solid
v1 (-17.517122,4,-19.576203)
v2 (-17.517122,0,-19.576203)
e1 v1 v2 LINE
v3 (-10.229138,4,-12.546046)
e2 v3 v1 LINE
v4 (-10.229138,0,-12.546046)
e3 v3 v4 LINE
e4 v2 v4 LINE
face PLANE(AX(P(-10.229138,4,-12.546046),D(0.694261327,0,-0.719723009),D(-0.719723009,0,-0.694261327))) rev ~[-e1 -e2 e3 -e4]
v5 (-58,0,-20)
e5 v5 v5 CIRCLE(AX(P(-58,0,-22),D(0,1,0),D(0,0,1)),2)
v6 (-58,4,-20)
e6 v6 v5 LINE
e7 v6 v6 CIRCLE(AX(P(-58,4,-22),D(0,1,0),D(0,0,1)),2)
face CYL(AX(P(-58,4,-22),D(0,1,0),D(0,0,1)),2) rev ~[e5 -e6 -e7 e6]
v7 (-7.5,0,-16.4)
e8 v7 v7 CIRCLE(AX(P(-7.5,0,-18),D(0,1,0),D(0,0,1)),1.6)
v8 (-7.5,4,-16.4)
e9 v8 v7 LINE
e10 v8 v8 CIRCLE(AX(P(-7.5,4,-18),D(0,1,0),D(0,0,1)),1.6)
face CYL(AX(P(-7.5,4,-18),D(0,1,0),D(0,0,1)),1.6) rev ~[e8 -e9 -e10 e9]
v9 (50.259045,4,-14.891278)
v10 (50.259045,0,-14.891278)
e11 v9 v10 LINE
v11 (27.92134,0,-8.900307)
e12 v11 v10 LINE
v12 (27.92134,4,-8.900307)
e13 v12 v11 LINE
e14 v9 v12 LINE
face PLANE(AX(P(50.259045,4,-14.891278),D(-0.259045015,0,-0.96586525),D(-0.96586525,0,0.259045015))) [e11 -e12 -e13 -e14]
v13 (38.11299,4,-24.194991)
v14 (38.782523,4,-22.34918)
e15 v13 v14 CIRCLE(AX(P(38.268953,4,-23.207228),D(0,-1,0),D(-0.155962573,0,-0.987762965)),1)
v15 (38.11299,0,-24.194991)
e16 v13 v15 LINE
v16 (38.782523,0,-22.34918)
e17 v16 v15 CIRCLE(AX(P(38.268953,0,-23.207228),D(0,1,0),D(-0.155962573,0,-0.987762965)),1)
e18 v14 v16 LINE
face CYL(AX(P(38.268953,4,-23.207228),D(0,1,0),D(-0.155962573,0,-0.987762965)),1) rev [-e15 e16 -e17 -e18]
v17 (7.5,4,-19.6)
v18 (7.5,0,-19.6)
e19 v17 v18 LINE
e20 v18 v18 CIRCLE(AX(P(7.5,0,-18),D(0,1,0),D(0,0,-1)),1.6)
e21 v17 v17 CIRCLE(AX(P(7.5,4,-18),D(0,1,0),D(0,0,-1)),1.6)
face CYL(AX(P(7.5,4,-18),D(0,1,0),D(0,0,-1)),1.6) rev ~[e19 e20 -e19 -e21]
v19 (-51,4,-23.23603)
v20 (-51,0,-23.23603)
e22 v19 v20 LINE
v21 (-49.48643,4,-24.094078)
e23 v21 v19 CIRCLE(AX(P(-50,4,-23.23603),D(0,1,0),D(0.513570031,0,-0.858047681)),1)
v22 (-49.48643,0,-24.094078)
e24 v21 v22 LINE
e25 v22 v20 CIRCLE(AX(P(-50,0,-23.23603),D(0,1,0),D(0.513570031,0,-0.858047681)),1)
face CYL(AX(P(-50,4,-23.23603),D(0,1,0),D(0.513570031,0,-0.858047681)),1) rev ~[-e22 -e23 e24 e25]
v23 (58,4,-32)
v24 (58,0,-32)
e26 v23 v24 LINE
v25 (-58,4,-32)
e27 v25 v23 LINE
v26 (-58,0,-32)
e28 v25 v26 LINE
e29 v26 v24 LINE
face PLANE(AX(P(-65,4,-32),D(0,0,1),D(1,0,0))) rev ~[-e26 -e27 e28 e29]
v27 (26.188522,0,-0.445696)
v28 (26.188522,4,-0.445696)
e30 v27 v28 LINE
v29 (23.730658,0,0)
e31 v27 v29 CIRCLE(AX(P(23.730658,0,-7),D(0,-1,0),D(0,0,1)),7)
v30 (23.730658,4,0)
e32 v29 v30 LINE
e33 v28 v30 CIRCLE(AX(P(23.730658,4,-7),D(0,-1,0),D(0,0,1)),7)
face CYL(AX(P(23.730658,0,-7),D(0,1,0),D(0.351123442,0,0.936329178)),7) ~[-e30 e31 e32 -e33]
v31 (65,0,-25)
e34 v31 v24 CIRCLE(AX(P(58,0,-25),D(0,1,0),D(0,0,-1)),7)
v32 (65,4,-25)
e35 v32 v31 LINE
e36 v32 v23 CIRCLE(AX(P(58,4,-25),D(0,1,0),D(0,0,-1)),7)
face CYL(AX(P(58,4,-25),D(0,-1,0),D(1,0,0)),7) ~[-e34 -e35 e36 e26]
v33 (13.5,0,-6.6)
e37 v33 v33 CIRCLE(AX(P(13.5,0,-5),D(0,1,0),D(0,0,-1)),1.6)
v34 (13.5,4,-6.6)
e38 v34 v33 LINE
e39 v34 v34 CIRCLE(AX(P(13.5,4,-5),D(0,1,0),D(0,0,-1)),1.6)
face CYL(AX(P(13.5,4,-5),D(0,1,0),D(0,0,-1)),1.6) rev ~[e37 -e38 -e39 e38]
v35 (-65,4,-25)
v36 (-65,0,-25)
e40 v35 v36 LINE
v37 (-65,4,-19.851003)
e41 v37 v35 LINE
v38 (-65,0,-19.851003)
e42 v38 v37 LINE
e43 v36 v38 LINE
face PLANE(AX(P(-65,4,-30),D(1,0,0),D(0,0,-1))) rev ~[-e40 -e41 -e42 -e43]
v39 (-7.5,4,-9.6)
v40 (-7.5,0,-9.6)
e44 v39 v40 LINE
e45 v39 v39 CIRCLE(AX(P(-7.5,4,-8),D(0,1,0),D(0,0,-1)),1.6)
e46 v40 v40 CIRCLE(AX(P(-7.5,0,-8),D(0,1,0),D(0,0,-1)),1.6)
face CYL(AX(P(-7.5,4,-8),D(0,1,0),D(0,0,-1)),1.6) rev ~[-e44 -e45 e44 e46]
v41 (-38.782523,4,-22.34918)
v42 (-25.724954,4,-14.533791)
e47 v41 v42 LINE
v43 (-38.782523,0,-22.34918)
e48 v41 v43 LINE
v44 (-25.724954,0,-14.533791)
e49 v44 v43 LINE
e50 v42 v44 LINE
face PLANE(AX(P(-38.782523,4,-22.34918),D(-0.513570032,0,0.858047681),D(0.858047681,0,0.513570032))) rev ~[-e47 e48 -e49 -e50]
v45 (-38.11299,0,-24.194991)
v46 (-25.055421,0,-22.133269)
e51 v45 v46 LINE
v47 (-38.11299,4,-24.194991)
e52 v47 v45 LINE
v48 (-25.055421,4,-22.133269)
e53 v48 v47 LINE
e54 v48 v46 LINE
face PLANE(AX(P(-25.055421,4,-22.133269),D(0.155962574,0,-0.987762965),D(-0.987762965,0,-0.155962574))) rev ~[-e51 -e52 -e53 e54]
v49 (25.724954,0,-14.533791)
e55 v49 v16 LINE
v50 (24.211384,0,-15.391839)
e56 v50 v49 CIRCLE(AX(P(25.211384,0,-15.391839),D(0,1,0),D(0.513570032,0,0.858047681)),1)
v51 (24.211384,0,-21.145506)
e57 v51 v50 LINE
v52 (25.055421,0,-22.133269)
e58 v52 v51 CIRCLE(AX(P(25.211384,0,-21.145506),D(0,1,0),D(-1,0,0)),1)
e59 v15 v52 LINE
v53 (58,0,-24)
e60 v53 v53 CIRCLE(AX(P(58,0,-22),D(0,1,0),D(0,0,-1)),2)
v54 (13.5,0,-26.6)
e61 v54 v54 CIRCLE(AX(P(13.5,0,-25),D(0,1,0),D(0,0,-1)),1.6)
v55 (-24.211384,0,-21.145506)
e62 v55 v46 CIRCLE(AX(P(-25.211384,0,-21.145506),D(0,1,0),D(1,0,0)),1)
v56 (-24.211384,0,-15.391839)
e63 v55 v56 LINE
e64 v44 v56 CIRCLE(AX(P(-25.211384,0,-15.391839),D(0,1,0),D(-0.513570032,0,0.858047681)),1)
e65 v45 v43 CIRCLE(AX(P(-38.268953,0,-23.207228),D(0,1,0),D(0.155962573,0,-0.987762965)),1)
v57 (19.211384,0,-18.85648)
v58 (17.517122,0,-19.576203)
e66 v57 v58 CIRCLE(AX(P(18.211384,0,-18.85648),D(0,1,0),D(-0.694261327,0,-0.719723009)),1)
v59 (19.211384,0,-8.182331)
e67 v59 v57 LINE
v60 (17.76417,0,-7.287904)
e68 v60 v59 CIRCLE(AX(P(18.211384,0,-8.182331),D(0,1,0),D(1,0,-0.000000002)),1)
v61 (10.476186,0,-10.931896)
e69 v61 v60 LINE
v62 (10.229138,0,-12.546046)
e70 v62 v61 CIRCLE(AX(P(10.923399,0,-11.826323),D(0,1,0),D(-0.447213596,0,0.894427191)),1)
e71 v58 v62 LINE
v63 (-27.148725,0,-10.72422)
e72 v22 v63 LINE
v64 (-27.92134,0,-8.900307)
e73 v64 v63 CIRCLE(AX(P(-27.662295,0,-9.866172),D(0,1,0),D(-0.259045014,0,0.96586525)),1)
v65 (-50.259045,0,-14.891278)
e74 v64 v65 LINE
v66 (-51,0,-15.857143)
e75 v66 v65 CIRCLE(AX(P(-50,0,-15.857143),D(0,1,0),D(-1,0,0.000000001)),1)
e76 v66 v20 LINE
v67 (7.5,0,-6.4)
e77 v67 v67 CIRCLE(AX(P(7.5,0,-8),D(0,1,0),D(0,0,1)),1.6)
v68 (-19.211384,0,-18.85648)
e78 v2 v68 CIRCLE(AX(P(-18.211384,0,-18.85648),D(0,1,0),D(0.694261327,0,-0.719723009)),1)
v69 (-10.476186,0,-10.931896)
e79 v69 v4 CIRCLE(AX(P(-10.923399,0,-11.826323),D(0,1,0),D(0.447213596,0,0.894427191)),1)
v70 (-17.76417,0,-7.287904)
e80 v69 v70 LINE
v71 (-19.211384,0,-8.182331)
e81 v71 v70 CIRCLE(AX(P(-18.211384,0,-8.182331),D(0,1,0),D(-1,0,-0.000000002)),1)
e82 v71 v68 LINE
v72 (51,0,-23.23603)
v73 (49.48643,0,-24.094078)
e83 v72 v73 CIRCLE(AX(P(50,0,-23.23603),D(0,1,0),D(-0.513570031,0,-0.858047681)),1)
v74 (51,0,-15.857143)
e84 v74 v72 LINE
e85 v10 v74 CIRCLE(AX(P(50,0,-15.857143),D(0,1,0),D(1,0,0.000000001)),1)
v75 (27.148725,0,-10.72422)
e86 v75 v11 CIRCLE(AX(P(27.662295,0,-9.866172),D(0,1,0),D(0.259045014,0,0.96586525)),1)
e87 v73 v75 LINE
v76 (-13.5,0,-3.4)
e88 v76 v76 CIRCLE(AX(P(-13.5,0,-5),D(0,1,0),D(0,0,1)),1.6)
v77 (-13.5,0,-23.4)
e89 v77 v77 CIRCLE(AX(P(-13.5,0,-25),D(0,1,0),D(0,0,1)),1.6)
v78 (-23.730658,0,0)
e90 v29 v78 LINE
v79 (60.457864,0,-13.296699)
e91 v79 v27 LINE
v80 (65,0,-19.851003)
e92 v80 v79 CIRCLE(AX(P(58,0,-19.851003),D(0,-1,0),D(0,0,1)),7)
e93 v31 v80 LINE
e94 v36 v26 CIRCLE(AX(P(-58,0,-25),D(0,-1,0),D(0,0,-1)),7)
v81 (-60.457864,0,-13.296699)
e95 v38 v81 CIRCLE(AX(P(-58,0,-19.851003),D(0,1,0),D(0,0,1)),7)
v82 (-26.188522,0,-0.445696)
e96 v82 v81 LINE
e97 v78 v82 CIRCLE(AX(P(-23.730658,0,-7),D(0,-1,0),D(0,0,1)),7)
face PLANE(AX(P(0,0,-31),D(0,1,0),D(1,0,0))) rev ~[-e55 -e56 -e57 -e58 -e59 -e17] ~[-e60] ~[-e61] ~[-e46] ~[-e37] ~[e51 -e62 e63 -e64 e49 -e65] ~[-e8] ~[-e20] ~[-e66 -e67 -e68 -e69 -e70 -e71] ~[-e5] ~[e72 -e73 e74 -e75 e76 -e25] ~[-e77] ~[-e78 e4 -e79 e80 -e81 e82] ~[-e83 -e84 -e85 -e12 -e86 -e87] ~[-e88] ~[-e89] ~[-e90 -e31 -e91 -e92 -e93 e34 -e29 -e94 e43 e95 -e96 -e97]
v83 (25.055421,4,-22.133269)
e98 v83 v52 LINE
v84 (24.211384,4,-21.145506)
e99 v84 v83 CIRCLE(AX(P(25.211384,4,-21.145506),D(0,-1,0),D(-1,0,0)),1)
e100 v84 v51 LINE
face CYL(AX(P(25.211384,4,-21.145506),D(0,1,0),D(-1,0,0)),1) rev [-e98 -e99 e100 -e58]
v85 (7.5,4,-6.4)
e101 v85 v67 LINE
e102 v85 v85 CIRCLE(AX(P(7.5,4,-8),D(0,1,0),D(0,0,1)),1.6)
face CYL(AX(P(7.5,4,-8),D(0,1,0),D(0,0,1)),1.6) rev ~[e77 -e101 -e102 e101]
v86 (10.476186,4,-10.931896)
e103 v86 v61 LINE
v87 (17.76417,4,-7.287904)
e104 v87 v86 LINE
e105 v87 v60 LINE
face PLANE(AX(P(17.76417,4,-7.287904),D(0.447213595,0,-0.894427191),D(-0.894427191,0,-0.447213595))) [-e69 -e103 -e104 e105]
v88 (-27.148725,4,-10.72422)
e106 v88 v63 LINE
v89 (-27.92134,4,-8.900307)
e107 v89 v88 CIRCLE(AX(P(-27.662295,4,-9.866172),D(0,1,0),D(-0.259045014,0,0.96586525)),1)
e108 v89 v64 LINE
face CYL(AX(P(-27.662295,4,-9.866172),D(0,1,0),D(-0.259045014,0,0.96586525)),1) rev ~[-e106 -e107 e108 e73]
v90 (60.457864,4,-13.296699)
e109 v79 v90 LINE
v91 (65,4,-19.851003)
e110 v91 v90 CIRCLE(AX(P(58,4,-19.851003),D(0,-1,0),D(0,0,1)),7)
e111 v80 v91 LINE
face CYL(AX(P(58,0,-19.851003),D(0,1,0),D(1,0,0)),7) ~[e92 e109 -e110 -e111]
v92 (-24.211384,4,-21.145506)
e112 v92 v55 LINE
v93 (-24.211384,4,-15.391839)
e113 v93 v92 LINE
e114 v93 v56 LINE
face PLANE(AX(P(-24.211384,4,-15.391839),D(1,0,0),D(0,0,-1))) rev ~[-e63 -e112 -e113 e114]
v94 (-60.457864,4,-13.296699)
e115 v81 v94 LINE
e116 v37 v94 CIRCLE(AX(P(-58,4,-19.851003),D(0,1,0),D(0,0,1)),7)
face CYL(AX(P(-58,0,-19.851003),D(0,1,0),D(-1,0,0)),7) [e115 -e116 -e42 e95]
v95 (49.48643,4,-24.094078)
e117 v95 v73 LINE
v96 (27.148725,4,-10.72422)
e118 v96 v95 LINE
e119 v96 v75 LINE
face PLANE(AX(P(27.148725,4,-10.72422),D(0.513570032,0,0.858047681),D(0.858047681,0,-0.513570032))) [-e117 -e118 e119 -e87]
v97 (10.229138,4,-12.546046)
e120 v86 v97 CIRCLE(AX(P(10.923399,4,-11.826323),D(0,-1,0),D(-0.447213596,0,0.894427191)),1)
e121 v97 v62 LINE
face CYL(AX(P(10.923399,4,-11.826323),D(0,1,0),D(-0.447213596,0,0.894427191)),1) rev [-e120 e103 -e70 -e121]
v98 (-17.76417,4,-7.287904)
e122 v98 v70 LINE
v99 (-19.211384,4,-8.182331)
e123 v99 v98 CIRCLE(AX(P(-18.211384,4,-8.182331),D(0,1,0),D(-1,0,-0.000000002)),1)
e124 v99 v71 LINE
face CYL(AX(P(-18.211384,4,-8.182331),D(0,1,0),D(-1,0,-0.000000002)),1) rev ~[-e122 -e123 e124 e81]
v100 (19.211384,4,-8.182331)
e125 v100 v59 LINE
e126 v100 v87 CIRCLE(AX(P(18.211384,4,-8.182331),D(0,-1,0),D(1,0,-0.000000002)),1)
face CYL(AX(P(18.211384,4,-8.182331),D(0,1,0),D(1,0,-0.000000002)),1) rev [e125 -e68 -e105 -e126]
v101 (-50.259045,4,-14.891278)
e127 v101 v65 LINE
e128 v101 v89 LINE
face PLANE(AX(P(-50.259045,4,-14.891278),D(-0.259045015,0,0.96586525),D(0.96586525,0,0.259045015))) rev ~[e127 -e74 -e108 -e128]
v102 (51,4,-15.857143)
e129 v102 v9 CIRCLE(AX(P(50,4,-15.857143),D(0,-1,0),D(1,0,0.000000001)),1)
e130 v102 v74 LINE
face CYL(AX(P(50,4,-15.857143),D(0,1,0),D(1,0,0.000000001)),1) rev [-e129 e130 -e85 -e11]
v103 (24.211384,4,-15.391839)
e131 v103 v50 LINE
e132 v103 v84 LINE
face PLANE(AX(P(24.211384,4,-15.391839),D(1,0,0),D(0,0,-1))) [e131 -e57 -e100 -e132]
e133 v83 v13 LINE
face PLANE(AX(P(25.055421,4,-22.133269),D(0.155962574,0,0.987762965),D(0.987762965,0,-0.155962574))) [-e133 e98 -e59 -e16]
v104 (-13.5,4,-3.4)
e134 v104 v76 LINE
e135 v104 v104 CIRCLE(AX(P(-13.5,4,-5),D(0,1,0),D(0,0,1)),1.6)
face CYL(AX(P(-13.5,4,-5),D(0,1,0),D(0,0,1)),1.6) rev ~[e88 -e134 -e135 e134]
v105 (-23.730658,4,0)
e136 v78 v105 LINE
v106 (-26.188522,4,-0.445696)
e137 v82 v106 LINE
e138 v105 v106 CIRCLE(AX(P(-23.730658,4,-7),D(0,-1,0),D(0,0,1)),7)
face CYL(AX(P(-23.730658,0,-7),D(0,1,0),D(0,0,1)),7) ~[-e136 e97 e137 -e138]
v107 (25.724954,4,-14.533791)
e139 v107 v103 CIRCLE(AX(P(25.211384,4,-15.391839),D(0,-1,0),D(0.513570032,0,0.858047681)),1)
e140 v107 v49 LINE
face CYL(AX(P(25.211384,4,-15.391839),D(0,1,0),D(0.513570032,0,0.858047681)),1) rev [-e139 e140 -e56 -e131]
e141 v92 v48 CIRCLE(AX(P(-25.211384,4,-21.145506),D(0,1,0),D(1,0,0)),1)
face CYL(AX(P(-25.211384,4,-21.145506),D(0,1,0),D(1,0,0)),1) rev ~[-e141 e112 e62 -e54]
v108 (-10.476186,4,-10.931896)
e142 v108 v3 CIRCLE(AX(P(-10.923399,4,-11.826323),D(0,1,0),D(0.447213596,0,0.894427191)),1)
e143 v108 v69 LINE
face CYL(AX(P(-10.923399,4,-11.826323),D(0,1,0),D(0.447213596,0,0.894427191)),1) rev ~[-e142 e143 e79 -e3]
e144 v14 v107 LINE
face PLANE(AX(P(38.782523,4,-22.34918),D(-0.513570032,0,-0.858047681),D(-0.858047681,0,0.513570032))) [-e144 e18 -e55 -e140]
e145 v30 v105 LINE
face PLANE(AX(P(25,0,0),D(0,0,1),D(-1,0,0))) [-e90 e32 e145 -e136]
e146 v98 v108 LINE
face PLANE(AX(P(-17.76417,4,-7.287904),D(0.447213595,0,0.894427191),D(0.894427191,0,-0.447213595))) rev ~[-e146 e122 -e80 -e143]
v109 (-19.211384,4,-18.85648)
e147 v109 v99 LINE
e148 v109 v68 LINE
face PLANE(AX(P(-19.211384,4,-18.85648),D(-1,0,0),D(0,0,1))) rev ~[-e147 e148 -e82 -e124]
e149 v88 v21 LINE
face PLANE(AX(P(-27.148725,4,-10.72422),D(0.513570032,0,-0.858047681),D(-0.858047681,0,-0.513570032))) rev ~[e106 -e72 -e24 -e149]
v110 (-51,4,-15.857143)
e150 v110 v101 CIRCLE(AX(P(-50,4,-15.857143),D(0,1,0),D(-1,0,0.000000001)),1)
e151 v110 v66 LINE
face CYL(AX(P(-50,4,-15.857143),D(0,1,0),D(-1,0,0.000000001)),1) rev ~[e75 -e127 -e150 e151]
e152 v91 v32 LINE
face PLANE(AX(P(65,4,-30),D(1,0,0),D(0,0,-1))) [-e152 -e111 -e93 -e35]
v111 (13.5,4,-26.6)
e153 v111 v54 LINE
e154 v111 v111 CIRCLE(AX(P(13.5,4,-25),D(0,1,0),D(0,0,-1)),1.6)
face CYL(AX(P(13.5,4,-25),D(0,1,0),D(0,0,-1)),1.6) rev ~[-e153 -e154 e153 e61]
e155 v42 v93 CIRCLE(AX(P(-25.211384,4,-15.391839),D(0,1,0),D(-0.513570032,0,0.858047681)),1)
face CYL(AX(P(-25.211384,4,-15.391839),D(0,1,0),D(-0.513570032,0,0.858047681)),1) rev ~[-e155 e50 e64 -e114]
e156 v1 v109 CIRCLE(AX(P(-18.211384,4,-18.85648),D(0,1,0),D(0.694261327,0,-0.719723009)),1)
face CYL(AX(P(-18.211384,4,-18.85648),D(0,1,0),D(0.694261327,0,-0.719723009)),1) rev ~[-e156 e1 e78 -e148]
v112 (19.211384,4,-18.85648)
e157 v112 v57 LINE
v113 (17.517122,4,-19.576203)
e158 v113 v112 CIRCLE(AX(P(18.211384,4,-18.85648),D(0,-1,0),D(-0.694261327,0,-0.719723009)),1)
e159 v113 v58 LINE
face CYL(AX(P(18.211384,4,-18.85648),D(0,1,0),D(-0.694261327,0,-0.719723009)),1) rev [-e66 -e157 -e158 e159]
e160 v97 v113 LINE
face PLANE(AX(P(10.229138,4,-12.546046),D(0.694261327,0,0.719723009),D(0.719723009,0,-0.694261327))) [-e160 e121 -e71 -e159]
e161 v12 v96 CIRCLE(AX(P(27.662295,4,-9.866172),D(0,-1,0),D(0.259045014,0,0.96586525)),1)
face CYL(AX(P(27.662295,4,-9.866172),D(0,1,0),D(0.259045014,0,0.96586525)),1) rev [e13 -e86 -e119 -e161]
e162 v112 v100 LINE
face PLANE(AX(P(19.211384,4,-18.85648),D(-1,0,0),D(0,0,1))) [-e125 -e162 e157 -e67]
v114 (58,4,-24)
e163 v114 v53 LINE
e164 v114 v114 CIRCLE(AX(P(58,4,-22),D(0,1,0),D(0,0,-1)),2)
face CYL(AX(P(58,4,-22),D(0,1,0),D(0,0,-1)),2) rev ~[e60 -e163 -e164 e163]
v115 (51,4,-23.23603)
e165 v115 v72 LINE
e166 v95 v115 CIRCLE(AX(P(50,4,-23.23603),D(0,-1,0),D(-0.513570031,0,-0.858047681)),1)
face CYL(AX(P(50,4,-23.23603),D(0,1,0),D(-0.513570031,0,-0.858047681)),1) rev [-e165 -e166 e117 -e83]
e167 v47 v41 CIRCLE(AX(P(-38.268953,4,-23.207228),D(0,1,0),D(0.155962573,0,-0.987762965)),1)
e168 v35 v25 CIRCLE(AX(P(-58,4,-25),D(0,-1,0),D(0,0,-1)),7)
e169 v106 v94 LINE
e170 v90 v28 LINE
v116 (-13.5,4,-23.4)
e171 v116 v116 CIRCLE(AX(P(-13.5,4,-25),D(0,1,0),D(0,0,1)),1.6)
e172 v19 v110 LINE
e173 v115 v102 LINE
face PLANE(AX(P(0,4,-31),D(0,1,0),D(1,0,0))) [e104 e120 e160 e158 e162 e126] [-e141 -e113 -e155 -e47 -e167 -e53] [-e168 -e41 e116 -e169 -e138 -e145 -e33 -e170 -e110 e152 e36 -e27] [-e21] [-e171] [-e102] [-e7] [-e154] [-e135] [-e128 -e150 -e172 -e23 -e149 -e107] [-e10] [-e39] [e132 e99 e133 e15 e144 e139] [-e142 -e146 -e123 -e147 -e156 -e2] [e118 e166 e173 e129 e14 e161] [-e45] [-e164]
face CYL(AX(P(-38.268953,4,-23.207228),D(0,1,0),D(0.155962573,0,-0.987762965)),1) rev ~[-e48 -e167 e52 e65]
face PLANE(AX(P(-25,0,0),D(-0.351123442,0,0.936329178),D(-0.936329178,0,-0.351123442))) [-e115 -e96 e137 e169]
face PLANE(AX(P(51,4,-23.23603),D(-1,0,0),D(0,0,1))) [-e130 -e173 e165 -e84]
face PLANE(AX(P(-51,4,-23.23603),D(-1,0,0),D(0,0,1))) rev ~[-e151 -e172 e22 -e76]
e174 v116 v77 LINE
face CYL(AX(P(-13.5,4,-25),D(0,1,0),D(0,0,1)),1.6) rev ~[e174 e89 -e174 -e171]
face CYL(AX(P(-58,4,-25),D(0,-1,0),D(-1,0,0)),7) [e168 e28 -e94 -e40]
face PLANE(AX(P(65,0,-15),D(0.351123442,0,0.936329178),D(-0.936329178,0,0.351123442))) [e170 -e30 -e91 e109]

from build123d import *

# Parameters (mm, degrees)
EXTRUDE_1_DEPTH     = 4
SKETCH_2_R          = 1.6
CUT_EXTRUDE_1_DEPTH = 72.700767081
SKETCH_3_R          = 2
SKETCH_3_R_2        = 1.6
CUT_EXTRUDE_2_DEPTH = 72.700767081
SKETCH_4_W          = 130
SKETCH_4_H          = 2
EXTRUDE_2_DEPTH     = 4
FILLET_1_R          = 7


with BuildPart() as part:
    # 草图1 → 凸台-拉伸1 (new body)
    with BuildSketch(Plane(origin=(0, 0, 0), x_dir=(1, 0, 0), z_dir=(0, 1, 0))):
        Polygon((25, 0), (-25, 0), (-65, 15), (-65, 30), (65, 30), (65, 15), align=None)
    extrude(amount=EXTRUDE_1_DEPTH)

    # 草图2 → 切除-拉伸1 (cut, through all)
    with BuildSketch(Plane(origin=(0, 4, 0), x_dir=(1, 0, 0), z_dir=(0, 1, 0))):
        with Locations(Location((-7.5, 18, 0), (0, 0, 270))):
            Circle(SKETCH_2_R)
        with Locations(Location((7.5, 18, 0), (0, 0, 90))):
            Circle(SKETCH_2_R)
        with Locations(Location((-7.5, 8, 0), (0, 0, 90))):
            Circle(SKETCH_2_R)
        with Locations(Location((7.5, 8, 0), (0, 0, 270))):
            Circle(SKETCH_2_R)
    extrude(amount=-CUT_EXTRUDE_1_DEPTH, mode=Mode.SUBTRACT)

    # 草图3 → 切除-拉伸2 (cut, through all)
    with BuildSketch(Plane(origin=(0, 4, 0), x_dir=(1, 0, 0), z_dir=(0, 1, 0))):
        with Locations(Location((-58, 22, 0), (0, 0, 270))):
            Circle(SKETCH_3_R)
        with Locations(Location((58, 22, 0), (0, 0, 90))):
            Circle(SKETCH_3_R)
        with Locations(Location((-13.5, 5, 0), (0, 0, 270))):
            Circle(SKETCH_3_R_2)
        with Locations(Location((-13.5, 25, 0), (0, 0, 270))):
            Circle(SKETCH_3_R_2)
        with Locations(Location((13.5, 5, 0), (0, 0, 90))):
            Circle(SKETCH_3_R_2)
        with Locations(Location((13.5, 25, 0), (0, 0, 90))):
            Circle(SKETCH_3_R_2)
        with BuildLine():
            Line((-51, 23.236030392), (-51, 15.857143498))
            ThreePointArc((-51, 15.857143498), (-50.793424544, 15.248474875), (-50.259045015, 14.891278248))
            Line((-50.259045015, 14.891278248), (-27.921339757, 8.900306744))
            ThreePointArc((-27.921339757, 8.900306744), (-26.741501421, 9.476121152), (-27.148724711, 10.724219675))
            Line((-27.148724711, 10.724219675), (-49.486429968, 24.094078073))
            ThreePointArc((-49.486429968, 24.094078073), (-50.493168312, 24.105964306), (-51, 23.236030392))
        make_face()
        with BuildLine():
            Line((-38.782523044, 22.349179917), (-25.724953573, 14.533790966))
            ThreePointArc((-25.724953573, 14.533790966), (-24.718215229, 14.521904732), (-24.211383541, 15.391838647))
            Line((-24.211383541, 15.391838647), (-24.211383541, 21.145506102))
            ThreePointArc((-24.211383541, 21.145506102), (-24.451132736, 21.795135776), (-25.055420968, 22.133269067))
            Line((-25.055420968, 22.133269067), (-38.112990439, 24.194990563))
            ThreePointArc((-38.112990439, 24.194990563), (-39.209019504, 23.548218787), (-38.782523044, 22.349179917))
        make_face()
        with BuildLine():
            Line((-10.229137867, 12.546046067), (-17.517122215, 19.57620297))
            ThreePointArc((-17.517122215, 19.57620297), (-18.602368626, 19.776876975), (-19.211383541, 18.856479961))
            Line((-19.211383541, 18.856479961), (-19.211383541, 8.182330884))
            ThreePointArc((-19.211383541, 8.182330884), (-18.737114654, 7.331680075), (-17.764169946, 7.287903693))
            Line((-17.764169946, 7.287903693), (-10.476185598, 10.931895866))
            ThreePointArc((-10.476185598, 10.931895866), (-9.934909706, 11.67503349), (-10.229137867, 12.546046067))
        make_face()
        with BuildLine():
            Line((17.764169946, 7.287903693), (10.476185598, 10.931895866))
            ThreePointArc((10.476185598, 10.931895866), (9.934909706, 11.67503349), (10.229137867, 12.546046067))
            Line((10.229137867, 12.546046067), (17.517122215, 19.57620297))
            ThreePointArc((17.517122215, 19.57620297), (18.602368626, 19.776876975), (19.211383541, 18.856479961))
            Line((19.211383541, 18.856479961), (19.211383541, 8.182330884))
            ThreePointArc((19.211383541, 8.182330884), (18.737114654, 7.331680075), (17.764169946, 7.287903693))
        make_face()
        with BuildLine():
            Line((25.055420968, 22.133269067), (38.112990439, 24.194990563))
            ThreePointArc((38.112990439, 24.194990563), (39.209019504, 23.548218787), (38.782523044, 22.349179917))
            Line((38.782523044, 22.349179917), (25.724953573, 14.533790966))
            ThreePointArc((25.724953573, 14.533790966), (24.718215229, 14.521904732), (24.211383541, 15.391838647))
            Line((24.211383541, 15.391838647), (24.211383541, 21.145506102))
            ThreePointArc((24.211383541, 21.145506102), (24.451132736, 21.795135776), (25.055420968, 22.133269067))
        make_face()
        with BuildLine():
            Line((27.148724711, 10.724219675), (49.486429968, 24.094078073))
            ThreePointArc((49.486429968, 24.094078073), (50.493168312, 24.105964306), (51, 23.236030392))
            Line((51, 23.236030392), (51, 15.857143498))
            ThreePointArc((51, 15.857143498), (50.793424544, 15.248474875), (50.259045015, 14.891278248))
            Line((50.259045015, 14.891278248), (27.921339757, 8.900306744))
            ThreePointArc((27.921339757, 8.900306744), (26.741501421, 9.476121152), (27.148724711, 10.724219675))
        make_face()
    extrude(amount=-CUT_EXTRUDE_2_DEPTH, mode=Mode.SUBTRACT)

    # 草图4 → 凸台-拉伸2 (add)
    with BuildSketch(Plane(origin=(0, 4, 0), x_dir=(1, 0, 0), z_dir=(0, 1, 0))):
        with Locations((0, 31)):
            Rectangle(SKETCH_4_W, SKETCH_4_H)
    extrude(amount=-EXTRUDE_2_DEPTH)

    # 圆角1
    fillet_1_edges = [part.edges().sort_by_distance(p)[0] for p in [
        (-65, 2, -15),
        (65, 2, -15),
        (25, 2, 0),
        (-25, 2, 0),
        (-65, 2, -32),
        (65, 2, -32),
    ]]
    fillet(fillet_1_edges, radius=FILLET_1_R)


solid = part.part
